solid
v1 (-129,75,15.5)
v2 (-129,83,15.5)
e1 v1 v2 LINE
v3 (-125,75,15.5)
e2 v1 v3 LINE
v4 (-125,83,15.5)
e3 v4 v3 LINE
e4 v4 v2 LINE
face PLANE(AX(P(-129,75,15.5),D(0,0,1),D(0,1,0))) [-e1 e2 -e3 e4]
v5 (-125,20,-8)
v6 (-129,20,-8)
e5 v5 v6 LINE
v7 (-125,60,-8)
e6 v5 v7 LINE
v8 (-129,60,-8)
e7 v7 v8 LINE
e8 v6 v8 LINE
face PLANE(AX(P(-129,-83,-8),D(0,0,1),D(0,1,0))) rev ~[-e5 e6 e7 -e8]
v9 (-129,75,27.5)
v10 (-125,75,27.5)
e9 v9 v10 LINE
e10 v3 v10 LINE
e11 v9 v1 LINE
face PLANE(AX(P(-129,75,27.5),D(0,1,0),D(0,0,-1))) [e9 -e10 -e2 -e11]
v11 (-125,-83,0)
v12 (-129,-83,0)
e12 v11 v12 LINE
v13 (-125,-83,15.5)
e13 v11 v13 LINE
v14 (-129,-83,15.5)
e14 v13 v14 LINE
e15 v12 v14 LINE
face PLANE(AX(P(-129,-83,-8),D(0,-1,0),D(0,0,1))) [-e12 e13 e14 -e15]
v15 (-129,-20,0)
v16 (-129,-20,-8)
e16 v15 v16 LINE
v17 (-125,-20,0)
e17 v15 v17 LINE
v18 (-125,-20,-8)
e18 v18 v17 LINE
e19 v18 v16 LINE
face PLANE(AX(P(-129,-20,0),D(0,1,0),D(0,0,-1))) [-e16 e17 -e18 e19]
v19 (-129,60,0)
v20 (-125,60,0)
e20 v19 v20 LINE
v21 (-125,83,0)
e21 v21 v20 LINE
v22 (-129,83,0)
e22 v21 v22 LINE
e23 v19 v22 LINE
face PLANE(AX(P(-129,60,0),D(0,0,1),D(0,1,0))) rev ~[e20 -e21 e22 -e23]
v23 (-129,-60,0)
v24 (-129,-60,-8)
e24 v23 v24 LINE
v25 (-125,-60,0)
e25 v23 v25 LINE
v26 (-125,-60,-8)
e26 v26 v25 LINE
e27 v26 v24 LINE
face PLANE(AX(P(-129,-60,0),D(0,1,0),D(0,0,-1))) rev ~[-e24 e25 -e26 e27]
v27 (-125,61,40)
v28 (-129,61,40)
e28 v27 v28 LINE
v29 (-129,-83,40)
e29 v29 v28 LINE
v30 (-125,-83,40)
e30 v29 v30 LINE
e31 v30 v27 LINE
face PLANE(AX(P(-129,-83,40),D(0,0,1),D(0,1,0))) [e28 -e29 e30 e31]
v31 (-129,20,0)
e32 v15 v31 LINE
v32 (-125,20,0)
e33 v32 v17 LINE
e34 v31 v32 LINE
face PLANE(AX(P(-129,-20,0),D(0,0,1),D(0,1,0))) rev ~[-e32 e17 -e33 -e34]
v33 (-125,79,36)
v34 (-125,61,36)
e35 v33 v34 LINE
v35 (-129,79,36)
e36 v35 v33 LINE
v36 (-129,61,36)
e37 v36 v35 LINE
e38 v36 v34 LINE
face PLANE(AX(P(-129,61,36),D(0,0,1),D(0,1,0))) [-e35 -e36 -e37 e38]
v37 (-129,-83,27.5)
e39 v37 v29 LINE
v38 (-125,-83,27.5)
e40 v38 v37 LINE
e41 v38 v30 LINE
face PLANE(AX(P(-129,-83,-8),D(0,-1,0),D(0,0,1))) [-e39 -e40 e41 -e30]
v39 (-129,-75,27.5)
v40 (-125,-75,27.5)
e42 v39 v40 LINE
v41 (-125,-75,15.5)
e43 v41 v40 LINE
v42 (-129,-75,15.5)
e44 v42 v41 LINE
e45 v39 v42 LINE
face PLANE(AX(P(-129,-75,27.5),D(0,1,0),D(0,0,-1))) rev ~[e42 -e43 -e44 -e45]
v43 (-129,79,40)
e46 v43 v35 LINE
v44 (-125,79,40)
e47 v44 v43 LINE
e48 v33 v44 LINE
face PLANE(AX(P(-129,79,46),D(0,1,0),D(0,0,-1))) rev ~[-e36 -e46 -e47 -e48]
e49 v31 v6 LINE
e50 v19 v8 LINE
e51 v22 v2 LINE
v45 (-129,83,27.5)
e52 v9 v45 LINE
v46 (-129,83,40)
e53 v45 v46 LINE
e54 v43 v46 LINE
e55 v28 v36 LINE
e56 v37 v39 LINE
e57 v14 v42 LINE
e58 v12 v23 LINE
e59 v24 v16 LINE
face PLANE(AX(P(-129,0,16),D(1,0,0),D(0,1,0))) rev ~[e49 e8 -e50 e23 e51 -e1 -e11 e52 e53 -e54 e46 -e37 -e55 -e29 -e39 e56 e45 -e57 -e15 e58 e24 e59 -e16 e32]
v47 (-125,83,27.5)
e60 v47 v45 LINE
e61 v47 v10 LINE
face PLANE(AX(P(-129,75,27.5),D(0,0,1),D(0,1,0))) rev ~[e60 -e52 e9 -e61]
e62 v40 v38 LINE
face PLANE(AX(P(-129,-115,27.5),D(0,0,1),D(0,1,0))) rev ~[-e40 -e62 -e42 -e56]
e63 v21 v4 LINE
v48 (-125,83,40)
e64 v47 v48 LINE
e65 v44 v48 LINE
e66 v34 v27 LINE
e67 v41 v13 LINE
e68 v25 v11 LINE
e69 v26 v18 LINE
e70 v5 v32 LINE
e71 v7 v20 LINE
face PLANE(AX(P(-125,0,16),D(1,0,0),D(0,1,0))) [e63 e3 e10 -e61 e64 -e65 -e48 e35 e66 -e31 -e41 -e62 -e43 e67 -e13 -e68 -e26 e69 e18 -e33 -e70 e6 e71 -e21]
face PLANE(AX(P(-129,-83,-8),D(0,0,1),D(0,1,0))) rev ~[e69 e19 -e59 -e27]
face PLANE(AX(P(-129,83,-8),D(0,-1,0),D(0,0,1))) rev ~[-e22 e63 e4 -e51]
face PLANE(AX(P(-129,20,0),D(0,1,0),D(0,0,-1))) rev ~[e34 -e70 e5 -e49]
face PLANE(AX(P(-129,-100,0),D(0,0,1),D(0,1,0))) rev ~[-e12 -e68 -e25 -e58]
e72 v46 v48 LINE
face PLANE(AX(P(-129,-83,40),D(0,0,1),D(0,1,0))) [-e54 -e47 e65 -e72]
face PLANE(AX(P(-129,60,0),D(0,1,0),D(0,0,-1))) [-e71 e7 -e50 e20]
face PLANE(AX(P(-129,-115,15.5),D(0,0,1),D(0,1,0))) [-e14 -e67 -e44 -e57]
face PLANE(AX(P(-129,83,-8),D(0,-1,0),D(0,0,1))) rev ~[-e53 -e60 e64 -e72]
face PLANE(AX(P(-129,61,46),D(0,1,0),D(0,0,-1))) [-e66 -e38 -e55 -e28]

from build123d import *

# Parameters (mm, degrees)
SKETCH008_W     = 166
SKETCH008_H     = 48
PAD005_DEPTH    = 4
SKETCH028_W     = 40
SKETCH028_H     = 30
SKETCH028_H_2   = 12
POCKET011_DEPTH = 4.001
SKETCH056_W     = 18
SKETCH056_H     = 10
POCKET022_DEPTH = 4.001


with BuildPart() as part:
    # Sketch008 (on DatumPlane) → Pad005 (new body)
    with BuildSketch(Plane(origin=(-129, 0, -4), x_dir=(0, 1, 0), z_dir=(1, 0, 0))):
        with Locations((0, 20)):
            Rectangle(SKETCH008_W, SKETCH008_H)
    extrude(amount=PAD005_DEPTH)

    # Sketch028 (on Face5 of Pad005) → Pocket011 (cut, through all)
    with BuildSketch(Plane(origin=(-129, 0, -4), x_dir=(0, 1, 0), z_dir=(-1, 0, 0))):
        with Locations((-80, 11)):
            Rectangle(SKETCH028_W, SKETCH028_H)
        with Locations((0, 11)):
            Rectangle(SKETCH028_W, SKETCH028_H)
        with Locations((80, 11)):
            Rectangle(SKETCH028_W, SKETCH028_H)
        with Locations((-95, -25.5)):
            Rectangle(SKETCH028_W, SKETCH028_H_2)
        with Locations((95, -25.5)):
            Rectangle(SKETCH028_W, SKETCH028_H_2)
    extrude(amount=-POCKET011_DEPTH, mode=Mode.SUBTRACT)

    # Sketch056 (on Face4 of Pocket011) → Pocket022 (cut, through all)
    with BuildSketch(Plane(origin=(-129, 0, -4), x_dir=(0, 1, 0), z_dir=(-1, 0, 0))):
        with Locations((70, -45)):
            Rectangle(SKETCH056_W, SKETCH056_H)
    extrude(amount=-POCKET022_DEPTH, mode=Mode.SUBTRACT)


solid = part.part
